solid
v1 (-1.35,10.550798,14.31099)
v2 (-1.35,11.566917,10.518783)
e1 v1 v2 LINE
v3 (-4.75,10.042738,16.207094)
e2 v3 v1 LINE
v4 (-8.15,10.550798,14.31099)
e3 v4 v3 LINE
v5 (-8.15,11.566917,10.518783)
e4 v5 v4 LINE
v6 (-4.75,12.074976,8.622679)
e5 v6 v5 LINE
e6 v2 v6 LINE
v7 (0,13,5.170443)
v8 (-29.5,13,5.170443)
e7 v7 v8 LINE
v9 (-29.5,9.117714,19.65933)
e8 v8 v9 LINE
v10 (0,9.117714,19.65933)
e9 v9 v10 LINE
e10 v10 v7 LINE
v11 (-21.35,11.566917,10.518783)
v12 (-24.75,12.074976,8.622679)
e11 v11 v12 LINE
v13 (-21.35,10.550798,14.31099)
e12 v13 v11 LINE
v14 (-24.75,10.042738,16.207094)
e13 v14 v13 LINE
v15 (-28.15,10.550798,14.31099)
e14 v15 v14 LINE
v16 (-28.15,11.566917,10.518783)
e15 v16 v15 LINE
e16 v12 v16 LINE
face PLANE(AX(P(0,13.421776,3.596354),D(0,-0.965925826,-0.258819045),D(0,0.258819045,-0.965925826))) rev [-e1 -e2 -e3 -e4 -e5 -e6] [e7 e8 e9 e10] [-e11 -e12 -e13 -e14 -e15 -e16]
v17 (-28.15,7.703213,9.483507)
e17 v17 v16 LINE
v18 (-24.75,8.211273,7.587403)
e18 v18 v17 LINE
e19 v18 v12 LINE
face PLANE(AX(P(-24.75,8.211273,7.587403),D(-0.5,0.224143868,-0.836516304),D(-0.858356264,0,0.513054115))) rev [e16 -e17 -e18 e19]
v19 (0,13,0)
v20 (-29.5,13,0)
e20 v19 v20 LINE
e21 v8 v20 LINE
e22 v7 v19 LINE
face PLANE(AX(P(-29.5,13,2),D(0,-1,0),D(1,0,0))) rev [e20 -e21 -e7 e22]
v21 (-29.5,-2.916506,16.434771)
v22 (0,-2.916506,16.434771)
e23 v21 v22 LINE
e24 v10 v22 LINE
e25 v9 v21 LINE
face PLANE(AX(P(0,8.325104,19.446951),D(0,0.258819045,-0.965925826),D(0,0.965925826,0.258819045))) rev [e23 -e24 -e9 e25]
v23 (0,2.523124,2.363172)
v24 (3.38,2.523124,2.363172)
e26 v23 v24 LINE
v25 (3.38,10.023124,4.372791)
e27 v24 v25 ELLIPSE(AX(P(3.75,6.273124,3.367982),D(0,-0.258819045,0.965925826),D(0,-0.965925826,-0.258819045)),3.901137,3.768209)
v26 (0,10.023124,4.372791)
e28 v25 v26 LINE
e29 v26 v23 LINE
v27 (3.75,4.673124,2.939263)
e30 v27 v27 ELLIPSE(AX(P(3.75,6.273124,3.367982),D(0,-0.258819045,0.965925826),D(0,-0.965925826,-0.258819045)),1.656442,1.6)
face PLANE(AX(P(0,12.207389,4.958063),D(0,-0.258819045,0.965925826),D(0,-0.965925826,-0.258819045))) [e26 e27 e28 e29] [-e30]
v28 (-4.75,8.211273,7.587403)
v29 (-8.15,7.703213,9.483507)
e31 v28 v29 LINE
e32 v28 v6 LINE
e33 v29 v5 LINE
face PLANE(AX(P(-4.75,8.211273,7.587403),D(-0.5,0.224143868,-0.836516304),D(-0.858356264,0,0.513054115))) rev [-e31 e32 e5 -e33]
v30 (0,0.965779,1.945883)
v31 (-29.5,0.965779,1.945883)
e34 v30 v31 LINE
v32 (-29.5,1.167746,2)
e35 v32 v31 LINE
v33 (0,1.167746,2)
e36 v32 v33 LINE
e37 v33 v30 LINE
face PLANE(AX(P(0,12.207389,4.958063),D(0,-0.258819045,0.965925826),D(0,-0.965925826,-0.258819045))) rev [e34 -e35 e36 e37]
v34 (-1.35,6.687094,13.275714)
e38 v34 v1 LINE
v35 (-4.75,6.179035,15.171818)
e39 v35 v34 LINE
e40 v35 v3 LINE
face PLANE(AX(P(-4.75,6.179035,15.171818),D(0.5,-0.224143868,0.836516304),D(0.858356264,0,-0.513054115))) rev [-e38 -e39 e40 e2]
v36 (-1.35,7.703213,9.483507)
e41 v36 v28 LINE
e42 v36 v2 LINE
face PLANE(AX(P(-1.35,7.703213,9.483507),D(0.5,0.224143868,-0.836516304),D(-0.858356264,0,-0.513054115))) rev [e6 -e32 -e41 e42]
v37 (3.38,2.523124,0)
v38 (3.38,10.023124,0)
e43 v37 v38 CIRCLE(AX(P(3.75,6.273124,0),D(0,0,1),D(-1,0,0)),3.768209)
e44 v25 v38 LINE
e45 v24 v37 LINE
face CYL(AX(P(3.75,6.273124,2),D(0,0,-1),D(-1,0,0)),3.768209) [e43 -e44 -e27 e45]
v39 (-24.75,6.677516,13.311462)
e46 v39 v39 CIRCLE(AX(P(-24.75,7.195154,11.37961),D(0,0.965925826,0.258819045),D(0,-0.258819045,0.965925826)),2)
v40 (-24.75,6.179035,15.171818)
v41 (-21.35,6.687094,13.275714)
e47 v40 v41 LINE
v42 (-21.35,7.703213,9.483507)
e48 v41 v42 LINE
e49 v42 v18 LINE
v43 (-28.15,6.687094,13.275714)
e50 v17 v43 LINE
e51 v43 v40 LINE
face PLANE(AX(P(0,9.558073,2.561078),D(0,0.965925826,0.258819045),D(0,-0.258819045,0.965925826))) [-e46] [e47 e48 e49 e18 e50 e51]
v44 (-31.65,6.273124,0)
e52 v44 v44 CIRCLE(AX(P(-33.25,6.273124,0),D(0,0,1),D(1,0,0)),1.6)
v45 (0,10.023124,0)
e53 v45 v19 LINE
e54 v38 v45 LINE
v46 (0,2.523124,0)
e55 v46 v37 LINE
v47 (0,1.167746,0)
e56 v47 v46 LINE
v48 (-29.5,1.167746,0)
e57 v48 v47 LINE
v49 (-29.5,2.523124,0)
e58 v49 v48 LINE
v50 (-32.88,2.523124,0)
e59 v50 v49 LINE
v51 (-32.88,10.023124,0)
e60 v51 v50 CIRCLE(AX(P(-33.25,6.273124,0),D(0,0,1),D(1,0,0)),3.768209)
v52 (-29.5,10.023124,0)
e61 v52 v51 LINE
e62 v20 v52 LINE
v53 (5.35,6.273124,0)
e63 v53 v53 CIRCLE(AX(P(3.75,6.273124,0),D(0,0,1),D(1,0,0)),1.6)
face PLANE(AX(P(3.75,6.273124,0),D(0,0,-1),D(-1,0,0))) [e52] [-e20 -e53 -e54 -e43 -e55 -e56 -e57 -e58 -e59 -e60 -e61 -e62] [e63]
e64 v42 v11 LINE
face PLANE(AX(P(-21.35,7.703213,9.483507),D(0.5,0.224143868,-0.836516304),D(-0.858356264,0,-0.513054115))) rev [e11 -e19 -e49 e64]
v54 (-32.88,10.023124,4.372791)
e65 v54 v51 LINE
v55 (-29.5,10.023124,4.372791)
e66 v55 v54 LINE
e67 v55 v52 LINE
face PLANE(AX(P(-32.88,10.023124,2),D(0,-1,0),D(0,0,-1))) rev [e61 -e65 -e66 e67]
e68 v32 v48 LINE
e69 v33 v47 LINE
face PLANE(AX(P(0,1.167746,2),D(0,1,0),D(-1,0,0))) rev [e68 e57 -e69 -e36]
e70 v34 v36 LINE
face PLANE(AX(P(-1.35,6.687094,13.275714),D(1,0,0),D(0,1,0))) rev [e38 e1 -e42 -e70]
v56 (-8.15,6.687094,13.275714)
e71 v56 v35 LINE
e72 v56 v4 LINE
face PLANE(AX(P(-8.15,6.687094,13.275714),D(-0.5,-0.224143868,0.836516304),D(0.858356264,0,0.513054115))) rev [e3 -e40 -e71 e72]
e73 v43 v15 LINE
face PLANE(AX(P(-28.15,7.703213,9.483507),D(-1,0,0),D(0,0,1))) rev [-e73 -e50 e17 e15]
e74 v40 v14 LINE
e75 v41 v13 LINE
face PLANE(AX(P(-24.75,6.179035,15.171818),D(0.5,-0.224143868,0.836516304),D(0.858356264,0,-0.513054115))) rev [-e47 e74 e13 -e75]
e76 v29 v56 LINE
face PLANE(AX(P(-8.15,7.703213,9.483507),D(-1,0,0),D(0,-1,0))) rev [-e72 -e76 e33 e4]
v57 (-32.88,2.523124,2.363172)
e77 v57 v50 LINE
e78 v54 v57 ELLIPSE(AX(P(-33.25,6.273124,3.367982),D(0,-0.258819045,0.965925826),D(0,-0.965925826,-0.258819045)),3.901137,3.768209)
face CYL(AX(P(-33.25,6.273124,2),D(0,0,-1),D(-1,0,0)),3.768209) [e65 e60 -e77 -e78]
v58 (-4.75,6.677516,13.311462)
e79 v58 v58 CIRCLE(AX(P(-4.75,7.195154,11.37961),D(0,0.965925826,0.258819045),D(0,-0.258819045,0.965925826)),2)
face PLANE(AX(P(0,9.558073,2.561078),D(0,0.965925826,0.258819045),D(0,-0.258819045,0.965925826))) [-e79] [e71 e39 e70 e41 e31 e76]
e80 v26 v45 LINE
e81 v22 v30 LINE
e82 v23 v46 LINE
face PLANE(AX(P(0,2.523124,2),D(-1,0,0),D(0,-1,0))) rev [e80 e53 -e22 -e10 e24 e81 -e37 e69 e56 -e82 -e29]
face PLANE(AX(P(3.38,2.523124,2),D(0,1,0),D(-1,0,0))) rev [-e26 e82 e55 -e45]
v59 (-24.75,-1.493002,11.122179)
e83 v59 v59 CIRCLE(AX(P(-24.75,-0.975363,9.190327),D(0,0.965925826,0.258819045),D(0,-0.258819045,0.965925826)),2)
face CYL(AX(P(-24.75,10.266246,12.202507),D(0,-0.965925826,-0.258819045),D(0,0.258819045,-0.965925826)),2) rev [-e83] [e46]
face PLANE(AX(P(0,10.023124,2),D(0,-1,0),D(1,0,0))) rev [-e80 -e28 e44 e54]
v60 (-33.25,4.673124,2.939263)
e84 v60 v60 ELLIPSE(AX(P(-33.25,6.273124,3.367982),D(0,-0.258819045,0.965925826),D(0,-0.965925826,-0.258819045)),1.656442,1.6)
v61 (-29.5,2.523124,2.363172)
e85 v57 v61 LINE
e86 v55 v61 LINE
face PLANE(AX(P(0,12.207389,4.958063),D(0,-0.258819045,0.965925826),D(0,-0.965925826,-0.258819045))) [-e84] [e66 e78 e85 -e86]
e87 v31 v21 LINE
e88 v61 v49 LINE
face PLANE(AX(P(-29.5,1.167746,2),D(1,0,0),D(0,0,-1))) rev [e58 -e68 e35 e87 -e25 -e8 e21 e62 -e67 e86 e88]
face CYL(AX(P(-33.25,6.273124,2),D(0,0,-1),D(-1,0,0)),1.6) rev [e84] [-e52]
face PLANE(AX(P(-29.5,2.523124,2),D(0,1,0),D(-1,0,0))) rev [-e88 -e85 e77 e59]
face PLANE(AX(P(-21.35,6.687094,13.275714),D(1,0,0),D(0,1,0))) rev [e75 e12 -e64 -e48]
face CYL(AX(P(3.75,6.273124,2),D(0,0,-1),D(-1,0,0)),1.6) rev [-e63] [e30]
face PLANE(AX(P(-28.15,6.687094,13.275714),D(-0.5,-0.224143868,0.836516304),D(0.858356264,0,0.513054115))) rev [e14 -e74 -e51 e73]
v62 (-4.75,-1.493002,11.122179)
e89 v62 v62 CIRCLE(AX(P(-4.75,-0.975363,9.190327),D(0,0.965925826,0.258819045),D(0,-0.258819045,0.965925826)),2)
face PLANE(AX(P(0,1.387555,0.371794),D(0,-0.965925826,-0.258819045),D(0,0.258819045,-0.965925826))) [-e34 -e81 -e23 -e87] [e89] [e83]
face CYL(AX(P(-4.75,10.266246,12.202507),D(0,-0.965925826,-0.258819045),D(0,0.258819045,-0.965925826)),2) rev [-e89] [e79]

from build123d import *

# Parameters (mm, degrees)
SKETCH1_R           = 1.6
BOSS_EXTRUDE1_DEPTH = 2
SKETCH3_W           = 29.5
SKETCH3_H           = 15
SKETCH3_R           = 2
BOSS_EXTRUDE2_DEPTH = 11.638171
BOSS_EXTRUDE3_REACH = 45.79
SKETCH1_2_R         = 1.6
SKETCH3_2_W         = 29.5
SKETCH3_2_H         = 15
SKETCH3_2_R         = 2
BOSS_EXTRUDE4_DEPTH = 12.458742
CUT_EXTRUDE1_DEPTH  = 4


with BuildPart() as part:
    # Sketch1 → Boss-Extrude1 (new body)
    with BuildSketch(Plane.XY):
        with BuildLine():
            Line((-32.88, 10.023123532), (-29.5, 10.023123532))
            Line((-29.5, 10.023123532), (-29.5, 13))
            Line((-29.5, 13), (0, 13))
            Line((0, 13), (0, 10.023123532))
            Line((0, 10.023123532), (3.38, 10.023123532))
            ThreePointArc((3.38, 10.023123532), (7.518209124, 6.273123532), (3.38, 2.523123532))
            Line((3.38, 2.523123532), (0, 2.523123532))
            Line((0, 2.523123532), (0, 1.167746206))
            Line((0, 1.167746206), (-29.5, 1.167746206))
            Line((-29.5, 1.167746206), (-29.5, 2.523123532))
            Line((-29.5, 2.523123532), (-32.88, 2.523123532))
            ThreePointArc((-32.88, 2.523123532), (-37.018209124, 6.273123532), (-32.88, 10.023123532))
        make_face()
        with Locations((-33.25, 6.273123532)):
            Circle(SKETCH1_R, mode=Mode.SUBTRACT)
        with Locations((3.75, 6.273123532)):
            Circle(SKETCH1_R, mode=Mode.SUBTRACT)
    extrude(amount=BOSS_EXTRUDE1_DEPTH)


with BuildPart() as body_2:
    # Sketch3 → Boss-Extrude2 (new body)
    with BuildSketch(Plane(origin=(0, 1.387555227, 0.371794302), x_dir=(1, 0, 0), z_dir=(0, 0.9659258262890684, 0.2588190451025204))):
        with Locations((-14.75, -9.129616695)):
            Rectangle(SKETCH3_W, SKETCH3_H)
        with Locations(Location((-4.75, -9.129616695, 0), (0, 0, 270))):
            Circle(SKETCH3_R, mode=Mode.SUBTRACT)
        with Locations(Location((-24.75, -9.129616695, 0), (0, 0, 270))):
            Circle(SKETCH3_R, mode=Mode.SUBTRACT)
    extrude(amount=BOSS_EXTRUDE2_DEPTH)

    # Boss-Extrude3: up to this face of the body (flat: up to its plane)
    boss_extrude3_end = Plane(body_2.part.faces().sort_by_distance((-14.75, 6.58658436, 3.451973307))[0])
    # Sketch1<2> → Boss-Extrude3 (add, up to the picked face)
    with BuildSketch(Plane.XY, mode=Mode.PRIVATE) as boss_extrude3_sk1:
        with BuildLine():
            Line((-32.88, 10.023123532), (-29.5, 10.023123532))
            Line((-29.5, 10.023123532), (-29.5, 13))
            Line((-29.5, 13), (0, 13))
            Line((0, 13), (0, 10.023123532))
            Line((0, 10.023123532), (3.38, 10.023123532))
            ThreePointArc((3.38, 10.023123532), (7.518209124, 6.273123532), (3.38, 2.523123532))
            Line((3.38, 2.523123532), (0, 2.523123532))
            Line((0, 2.523123532), (0, 1.167746206))
            Line((0, 1.167746206), (-29.5, 1.167746206))
            Line((-29.5, 1.167746206), (-29.5, 2.523123532))
            Line((-29.5, 2.523123532), (-32.88, 2.523123532))
            ThreePointArc((-32.88, 2.523123532), (-37.018209124, 6.273123532), (-32.88, 10.023123532))
        make_face()
        with Locations(Location((-33.25, 6.273123532, 0), (0, 0, 270))):
            Circle(SKETCH1_2_R, mode=Mode.SUBTRACT)
        with Locations(Location((3.75, 6.273123532, 0), (0, 0, 270))):
            Circle(SKETCH1_2_R, mode=Mode.SUBTRACT)
    boss_extrude3_tool1 = split(extrude(boss_extrude3_sk1.sketch, amount=BOSS_EXTRUDE3_REACH, mode=Mode.PRIVATE), bisect_by=boss_extrude3_end, keep=Keep.BOTH, mode=Mode.PRIVATE)

    add(part.part)  # Boss-Extrude3 merges part
    add(boss_extrude3_tool1.solids().sort_by(Axis((-14.75, 6.925418, 0), (0, 0, 1)))[0])

    # Sketch3<2> → Boss-Extrude4 (add)
    with BuildSketch(Plane(origin=(0, 1.387555227, 0.371794302), x_dir=(1, 0, 0), z_dir=(0, 0.9659258262890684, 0.2588190451025204))):
        with Locations((-14.75, -9.129616695)):
            Rectangle(SKETCH3_2_W, SKETCH3_2_H)
        with Locations(Location((-4.75, -9.129616695, 0), (0, 0, 270))):
            Circle(SKETCH3_2_R, mode=Mode.SUBTRACT)
        with Locations(Location((-24.75, -9.129616695, 0), (0, 0, 270))):
            Circle(SKETCH3_2_R, mode=Mode.SUBTRACT)
    extrude(amount=BOSS_EXTRUDE4_DEPTH)

    # Sketch4 → Cut-Extrude1 (cut)
    with BuildSketch(Plane(origin=(0, 13.421775837, 3.596353996), x_dir=(1, 0, 0), z_dir=(0, 0.9659258262890684, 0.2588190451025205))):
        Polygon((-1.35, -11.09260761), (-1.35, -7.166625779), (-4.75, -5.203634864), (-8.15, -7.166625779), (-8.15, -11.09260761), (-4.75, -13.055598525), align=None)
        Polygon((-21.35, -7.166625779), (-24.75, -5.203634864), (-28.15, -7.166625779), (-28.15, -11.09260761), (-24.75, -13.055598525), (-21.35, -11.09260761), align=None)
    extrude(amount=-CUT_EXTRUDE1_DEPTH, mode=Mode.SUBTRACT)


solid = body_2.part
